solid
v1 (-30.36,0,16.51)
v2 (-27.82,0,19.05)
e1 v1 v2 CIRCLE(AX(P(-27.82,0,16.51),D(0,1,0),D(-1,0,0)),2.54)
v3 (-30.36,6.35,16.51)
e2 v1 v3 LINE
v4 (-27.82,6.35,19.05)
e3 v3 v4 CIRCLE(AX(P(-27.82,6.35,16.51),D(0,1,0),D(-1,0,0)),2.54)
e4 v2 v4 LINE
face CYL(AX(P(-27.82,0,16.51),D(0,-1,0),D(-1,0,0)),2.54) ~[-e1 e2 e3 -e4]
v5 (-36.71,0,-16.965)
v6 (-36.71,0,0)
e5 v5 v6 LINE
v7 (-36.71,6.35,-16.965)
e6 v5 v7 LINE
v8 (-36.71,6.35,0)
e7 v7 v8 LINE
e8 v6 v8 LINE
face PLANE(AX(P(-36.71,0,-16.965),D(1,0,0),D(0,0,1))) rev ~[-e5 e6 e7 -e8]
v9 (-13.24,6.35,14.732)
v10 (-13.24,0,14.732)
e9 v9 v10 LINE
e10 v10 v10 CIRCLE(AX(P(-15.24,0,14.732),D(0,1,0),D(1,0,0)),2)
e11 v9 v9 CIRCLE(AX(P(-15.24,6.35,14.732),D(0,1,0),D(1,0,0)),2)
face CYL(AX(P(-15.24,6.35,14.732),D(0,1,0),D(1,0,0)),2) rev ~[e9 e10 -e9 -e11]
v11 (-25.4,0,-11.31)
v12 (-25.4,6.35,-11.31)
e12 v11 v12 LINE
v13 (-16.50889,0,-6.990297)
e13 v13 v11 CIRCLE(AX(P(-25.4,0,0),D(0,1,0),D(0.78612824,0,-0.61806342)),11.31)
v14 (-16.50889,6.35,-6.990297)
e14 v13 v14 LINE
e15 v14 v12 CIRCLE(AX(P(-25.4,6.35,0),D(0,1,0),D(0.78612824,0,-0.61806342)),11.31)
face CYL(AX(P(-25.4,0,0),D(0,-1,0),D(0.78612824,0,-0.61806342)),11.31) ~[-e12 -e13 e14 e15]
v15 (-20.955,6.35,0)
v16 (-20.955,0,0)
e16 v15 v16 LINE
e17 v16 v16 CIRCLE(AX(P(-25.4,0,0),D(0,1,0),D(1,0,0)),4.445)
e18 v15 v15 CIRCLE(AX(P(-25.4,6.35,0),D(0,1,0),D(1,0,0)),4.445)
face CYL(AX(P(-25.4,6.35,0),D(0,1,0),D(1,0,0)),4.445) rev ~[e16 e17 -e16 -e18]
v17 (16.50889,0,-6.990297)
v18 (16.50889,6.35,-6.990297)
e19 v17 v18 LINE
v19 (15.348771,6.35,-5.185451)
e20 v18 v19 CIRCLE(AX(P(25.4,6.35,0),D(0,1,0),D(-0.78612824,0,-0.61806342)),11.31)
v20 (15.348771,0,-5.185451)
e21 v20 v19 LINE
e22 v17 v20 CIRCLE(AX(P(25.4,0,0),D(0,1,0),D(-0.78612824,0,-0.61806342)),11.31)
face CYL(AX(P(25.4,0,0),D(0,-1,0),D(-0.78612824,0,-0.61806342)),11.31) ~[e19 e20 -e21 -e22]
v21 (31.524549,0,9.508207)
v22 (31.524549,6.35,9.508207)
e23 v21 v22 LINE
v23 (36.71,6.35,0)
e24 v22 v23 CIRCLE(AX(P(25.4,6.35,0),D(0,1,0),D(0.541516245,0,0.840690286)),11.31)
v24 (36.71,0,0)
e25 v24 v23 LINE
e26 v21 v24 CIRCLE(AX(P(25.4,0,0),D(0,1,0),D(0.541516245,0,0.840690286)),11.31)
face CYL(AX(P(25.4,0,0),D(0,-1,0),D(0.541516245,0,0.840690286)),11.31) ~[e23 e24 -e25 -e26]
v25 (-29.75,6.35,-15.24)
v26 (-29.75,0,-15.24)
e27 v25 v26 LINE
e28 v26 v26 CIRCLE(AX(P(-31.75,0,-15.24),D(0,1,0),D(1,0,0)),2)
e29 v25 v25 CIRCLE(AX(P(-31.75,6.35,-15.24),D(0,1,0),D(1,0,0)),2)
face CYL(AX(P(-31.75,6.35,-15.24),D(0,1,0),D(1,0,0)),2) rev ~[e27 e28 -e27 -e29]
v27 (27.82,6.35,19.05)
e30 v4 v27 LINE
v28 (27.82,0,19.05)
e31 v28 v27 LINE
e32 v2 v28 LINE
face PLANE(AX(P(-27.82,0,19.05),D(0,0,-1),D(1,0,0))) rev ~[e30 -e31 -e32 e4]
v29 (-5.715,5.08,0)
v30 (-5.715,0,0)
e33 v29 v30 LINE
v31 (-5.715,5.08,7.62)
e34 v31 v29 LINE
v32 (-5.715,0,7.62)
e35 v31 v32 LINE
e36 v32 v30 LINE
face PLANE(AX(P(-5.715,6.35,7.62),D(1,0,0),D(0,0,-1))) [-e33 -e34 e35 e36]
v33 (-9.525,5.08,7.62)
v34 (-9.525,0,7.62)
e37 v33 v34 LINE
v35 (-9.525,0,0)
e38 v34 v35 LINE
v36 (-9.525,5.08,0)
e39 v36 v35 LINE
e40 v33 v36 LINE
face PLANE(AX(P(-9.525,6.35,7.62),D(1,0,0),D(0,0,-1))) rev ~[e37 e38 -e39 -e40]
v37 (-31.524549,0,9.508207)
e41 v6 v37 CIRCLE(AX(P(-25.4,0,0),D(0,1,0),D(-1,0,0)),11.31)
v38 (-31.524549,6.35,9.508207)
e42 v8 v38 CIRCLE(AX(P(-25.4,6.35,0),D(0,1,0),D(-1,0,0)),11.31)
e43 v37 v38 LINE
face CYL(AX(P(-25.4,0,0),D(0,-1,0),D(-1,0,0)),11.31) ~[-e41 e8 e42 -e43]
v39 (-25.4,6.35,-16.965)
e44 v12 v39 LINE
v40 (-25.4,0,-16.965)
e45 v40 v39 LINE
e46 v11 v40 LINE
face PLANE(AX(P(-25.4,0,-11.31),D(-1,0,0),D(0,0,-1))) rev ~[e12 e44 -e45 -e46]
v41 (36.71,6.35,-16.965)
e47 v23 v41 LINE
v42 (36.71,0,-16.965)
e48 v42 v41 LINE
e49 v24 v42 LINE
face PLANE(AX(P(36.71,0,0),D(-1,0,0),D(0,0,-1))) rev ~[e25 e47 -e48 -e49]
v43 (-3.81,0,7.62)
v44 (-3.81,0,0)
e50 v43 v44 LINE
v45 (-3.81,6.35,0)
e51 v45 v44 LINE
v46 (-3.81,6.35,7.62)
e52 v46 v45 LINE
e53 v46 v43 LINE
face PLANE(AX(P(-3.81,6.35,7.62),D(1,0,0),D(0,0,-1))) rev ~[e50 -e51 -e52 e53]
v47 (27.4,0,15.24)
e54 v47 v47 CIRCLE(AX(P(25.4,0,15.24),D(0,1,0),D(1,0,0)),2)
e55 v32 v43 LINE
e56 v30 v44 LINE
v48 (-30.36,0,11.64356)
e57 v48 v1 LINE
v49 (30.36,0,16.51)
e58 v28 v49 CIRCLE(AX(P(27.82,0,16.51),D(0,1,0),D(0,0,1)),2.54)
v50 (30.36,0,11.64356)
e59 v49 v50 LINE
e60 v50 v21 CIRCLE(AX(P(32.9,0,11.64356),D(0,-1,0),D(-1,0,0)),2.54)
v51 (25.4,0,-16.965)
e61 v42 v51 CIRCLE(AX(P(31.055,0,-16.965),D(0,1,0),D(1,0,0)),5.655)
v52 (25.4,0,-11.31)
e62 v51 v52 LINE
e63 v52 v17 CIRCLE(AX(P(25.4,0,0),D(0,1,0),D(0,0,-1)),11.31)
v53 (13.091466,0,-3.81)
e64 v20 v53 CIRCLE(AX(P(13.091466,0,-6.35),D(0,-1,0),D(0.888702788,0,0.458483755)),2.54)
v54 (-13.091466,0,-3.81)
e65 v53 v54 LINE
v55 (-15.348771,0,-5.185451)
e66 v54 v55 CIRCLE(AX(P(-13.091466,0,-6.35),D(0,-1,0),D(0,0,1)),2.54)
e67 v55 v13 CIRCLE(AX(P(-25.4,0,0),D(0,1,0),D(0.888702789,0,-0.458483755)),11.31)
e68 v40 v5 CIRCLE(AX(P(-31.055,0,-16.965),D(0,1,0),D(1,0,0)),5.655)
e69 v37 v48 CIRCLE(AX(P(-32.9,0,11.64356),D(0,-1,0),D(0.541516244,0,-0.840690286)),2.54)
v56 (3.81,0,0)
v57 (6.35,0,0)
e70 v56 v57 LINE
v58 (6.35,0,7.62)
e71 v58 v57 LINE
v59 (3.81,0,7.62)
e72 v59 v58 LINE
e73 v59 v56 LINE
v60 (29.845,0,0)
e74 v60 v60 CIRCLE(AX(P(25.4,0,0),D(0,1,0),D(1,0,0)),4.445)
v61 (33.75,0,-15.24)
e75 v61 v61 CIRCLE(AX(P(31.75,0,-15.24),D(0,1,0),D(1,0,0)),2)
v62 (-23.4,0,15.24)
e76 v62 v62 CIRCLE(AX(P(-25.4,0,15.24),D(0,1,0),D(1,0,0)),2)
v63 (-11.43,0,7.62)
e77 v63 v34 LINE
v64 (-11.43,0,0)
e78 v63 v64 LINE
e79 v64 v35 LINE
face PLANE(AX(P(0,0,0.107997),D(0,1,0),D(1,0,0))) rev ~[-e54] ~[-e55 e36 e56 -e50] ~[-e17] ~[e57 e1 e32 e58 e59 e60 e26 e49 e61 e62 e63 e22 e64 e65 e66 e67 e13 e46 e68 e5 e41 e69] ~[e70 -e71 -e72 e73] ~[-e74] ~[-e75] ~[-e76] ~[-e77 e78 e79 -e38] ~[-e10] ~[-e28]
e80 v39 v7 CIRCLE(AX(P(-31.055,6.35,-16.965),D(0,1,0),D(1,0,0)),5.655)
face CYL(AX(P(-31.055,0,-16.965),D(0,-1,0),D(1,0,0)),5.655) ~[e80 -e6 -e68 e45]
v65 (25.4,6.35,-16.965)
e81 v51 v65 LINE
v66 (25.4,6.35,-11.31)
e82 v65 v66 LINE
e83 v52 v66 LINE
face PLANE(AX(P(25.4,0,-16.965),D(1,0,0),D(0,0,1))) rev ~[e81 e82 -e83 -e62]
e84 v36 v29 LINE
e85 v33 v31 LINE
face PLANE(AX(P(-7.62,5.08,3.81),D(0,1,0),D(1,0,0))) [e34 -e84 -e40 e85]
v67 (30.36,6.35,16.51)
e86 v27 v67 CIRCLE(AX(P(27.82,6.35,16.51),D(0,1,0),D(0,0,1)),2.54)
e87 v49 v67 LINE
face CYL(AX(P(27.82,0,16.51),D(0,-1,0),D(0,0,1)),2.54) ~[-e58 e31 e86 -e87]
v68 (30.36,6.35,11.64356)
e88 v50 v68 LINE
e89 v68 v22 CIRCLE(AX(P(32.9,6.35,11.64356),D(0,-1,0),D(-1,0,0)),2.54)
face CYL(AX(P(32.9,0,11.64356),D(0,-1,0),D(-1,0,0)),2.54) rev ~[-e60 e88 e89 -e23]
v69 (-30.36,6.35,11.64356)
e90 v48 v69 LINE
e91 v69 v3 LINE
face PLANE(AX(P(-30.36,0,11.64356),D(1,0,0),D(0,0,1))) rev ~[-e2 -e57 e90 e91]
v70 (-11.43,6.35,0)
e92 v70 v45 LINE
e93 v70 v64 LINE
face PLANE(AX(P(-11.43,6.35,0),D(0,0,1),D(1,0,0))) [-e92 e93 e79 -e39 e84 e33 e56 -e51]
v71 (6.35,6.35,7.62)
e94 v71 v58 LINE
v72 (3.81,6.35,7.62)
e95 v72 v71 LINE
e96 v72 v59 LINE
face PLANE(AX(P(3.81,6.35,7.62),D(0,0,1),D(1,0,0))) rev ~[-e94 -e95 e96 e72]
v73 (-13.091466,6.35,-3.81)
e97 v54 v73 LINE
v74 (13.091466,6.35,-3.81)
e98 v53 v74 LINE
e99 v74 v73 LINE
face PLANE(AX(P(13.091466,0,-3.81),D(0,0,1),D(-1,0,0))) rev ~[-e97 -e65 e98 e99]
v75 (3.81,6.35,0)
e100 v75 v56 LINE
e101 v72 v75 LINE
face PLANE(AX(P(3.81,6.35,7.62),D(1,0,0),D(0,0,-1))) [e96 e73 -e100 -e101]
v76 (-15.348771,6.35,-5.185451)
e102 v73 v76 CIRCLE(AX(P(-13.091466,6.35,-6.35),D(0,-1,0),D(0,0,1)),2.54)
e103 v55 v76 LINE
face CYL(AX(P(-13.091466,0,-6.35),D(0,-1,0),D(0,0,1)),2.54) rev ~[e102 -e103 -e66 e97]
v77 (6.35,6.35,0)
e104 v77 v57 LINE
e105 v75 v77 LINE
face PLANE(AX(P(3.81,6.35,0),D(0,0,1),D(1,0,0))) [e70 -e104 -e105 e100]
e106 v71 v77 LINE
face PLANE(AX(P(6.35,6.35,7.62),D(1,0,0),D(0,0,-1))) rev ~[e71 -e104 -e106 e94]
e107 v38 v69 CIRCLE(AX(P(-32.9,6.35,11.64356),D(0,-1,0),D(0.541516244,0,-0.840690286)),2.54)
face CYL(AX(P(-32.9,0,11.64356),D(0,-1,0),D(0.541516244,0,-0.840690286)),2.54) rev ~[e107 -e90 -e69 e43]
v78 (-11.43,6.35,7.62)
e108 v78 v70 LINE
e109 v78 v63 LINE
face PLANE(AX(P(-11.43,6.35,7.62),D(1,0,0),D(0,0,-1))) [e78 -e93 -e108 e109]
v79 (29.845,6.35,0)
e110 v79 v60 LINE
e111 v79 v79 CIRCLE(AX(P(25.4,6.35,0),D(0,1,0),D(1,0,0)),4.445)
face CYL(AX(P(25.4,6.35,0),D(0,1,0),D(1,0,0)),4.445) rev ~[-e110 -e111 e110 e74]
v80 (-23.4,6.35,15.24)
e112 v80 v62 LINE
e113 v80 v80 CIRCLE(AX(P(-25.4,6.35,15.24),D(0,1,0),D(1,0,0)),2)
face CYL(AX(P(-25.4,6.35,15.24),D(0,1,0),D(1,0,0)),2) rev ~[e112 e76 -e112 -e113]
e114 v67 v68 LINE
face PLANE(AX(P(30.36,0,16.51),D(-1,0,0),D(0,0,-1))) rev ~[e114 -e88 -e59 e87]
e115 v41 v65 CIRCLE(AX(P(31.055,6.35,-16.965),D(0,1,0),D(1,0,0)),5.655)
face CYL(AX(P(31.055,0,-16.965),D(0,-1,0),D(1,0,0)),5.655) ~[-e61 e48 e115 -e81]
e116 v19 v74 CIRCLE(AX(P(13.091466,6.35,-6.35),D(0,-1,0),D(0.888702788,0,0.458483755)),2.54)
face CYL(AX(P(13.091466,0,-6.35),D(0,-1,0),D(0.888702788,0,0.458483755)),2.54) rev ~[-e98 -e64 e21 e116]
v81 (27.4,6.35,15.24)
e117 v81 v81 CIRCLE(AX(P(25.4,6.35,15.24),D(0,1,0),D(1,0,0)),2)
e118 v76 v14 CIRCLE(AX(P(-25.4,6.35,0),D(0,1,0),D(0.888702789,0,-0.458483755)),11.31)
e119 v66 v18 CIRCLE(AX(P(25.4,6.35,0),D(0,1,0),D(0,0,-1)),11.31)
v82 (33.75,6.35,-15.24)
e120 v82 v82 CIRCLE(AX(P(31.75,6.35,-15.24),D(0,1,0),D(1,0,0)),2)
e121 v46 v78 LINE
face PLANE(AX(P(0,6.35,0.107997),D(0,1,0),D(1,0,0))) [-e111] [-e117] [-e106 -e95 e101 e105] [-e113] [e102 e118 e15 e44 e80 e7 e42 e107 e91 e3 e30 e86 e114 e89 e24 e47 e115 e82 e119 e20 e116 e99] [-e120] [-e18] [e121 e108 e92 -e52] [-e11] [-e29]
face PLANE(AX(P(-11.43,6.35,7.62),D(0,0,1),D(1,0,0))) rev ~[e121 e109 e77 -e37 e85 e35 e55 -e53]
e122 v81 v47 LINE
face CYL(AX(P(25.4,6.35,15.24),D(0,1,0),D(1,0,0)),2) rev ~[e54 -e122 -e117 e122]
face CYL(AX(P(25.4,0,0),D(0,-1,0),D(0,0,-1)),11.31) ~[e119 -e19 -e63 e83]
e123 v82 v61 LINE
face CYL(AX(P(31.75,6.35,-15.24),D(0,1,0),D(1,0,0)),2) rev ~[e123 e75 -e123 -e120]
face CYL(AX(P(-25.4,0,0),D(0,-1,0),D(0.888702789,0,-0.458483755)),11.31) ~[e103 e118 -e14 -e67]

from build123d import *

# Parameters (mm, degrees)
BOSS_EXTRUDE1_DEPTH = 6.35
SKETCH3_R           = 4.445
CUT_EXTRUDE2_DEPTH  = 6.35
SKETCH11_W          = 2.54
SKETCH11_H          = 7.62
SKETCH11_W_2        = 1.905
CUT_EXTRUDE6_DEPTH  = 6.35
SKETCH14_W          = 3.81
SKETCH14_H          = 7.62
CUT_EXTRUDE8_DEPTH  = 1.27
SKETCH8_R           = 2
CUT_EXTRUDE10_DEPTH = 6.35
SKETCH15_R          = 2
CUT_EXTRUDE11_DEPTH = 6.35


with BuildPart() as part:
    # Sketch1 → Boss-Extrude1 (new body)
    with BuildSketch(Plane(origin=(0, 0, 0), x_dir=(1, 0, 0), z_dir=(0, 1, 0))):
        with BuildLine():
            Line((-25.4, 11.309999986), (-25.4, 16.964999979))
            ThreePointArc((-25.4, 16.964999979), (-31.054999993, 22.619999972), (-36.709999986, 16.964999979))
            Line((-36.709999986, 16.964999979), (-36.709999986, 11.309999986))
            Line((-36.709999986, 11.309999986), (-36.709999986, 0))
            ThreePointArc((-36.709999986, 0), (-35.329369206, -5.415138673), (-31.524548724, -9.508207119))
            ThreePointArc((-31.524548724, -9.508207119), (-30.670062071, -10.427428504), (-30.359999986, -11.643560444))
            Line((-30.359999986, -11.643560444), (-30.359999986, -16.51))
            ThreePointArc((-30.359999986, -16.51), (-29.61605121, -18.306051224), (-27.819999986, -19.05))
            Line((-27.819999986, -19.05), (27.819999986, -19.05))
            ThreePointArc((27.819999986, -19.05), (29.61605121, -18.306051224), (30.359999986, -16.51))
            Line((30.359999986, -16.51), (30.359999986, -11.643560444))
            ThreePointArc((30.359999986, -11.643560444), (30.670062071, -10.427428504), (31.524548724, -9.508207119))
            ThreePointArc((31.524548724, -9.508207119), (35.329369206, -5.415138673), (36.709999986, 0))
            Line((36.709999986, 0), (36.709999986, 11.309999986))
            Line((36.709999986, 11.309999986), (36.709999986, 16.964999979))
            ThreePointArc((36.709999986, 16.964999979), (31.054999993, 22.619999972), (25.4, 16.964999979))
            Line((25.4, 16.964999979), (25.4, 11.309999986))
            ThreePointArc((25.4, 11.309999986), (20.457539197, 10.172914081), (16.508889627, 6.990297277))
            ThreePointArc((16.508889627, 6.990297277), (15.885935778, 6.115446153), (15.348771474, 5.185451262))
            ThreePointArc((15.348771474, 5.185451262), (14.413140747, 4.180950232), (13.091466391, 3.81))
            Line((13.091466391, 3.81), (-13.091466391, 3.81))
            ThreePointArc((-13.091466391, 3.81), (-14.413140747, 4.180950232), (-15.348771474, 5.185451262))
            ThreePointArc((-15.348771474, 5.185451262), (-15.885935775, 6.115446149), (-16.508889621, 6.990297269))
            ThreePointArc((-16.508889621, 6.990297269), (-20.457539193, 10.172914079), (-25.4, 11.309999986))
        make_face()
    extrude(amount=BOSS_EXTRUDE1_DEPTH)

    # Sketch3 → Cut-Extrude2 (cut)
    with BuildSketch(Plane(origin=(0, 6.35, 0), x_dir=(1, 0, 0), z_dir=(0, 1, 0))):
        with Locations((-25.4, 0)):
            Circle(SKETCH3_R)
        with Locations((25.4, 0)):
            Circle(SKETCH3_R)
    extrude(amount=-CUT_EXTRUDE2_DEPTH, mode=Mode.SUBTRACT)

    # Sketch11 → Cut-Extrude6 (cut)
    with BuildSketch(Plane(origin=(0, 6.35, 0), x_dir=(1, 0, 0), z_dir=(0, 1, 0))):
        with Locations((5.08, -3.81)):
            Rectangle(SKETCH11_W, SKETCH11_H)
        with Locations((-4.7625, -3.81)):
            Rectangle(SKETCH11_W_2, SKETCH11_H)
        with Locations((-10.4775, -3.81)):
            Rectangle(SKETCH11_W_2, SKETCH11_H)
    extrude(amount=-CUT_EXTRUDE6_DEPTH, mode=Mode.SUBTRACT)

    # Sketch14 → Cut-Extrude8 (cut)
    with BuildSketch(Plane(origin=(0, 6.35, 0), x_dir=(1, 0, 0), z_dir=(0, 1, 0))):
        with Locations((-7.62, -3.81)):
            Rectangle(SKETCH14_W, SKETCH14_H)
    extrude(amount=-CUT_EXTRUDE8_DEPTH, mode=Mode.SUBTRACT)

    # Sketch8 → Cut-Extrude10 (cut)
    with BuildSketch(Plane(origin=(0, 6.35, 0), x_dir=(1, 0, 0), z_dir=(0, 1, 0))):
        with Locations((-31.75, 15.24)):
            Circle(SKETCH8_R)
        with Locations((25.4, -15.24)):
            Circle(SKETCH8_R)
        with Locations((-25.4, -15.24)):
            Circle(SKETCH8_R)
        with Locations((31.75, 15.24)):
            Circle(SKETCH8_R)
    extrude(amount=-CUT_EXTRUDE10_DEPTH, mode=Mode.SUBTRACT)

    # Sketch15 → Cut-Extrude11 (cut)
    with BuildSketch(Plane(origin=(0, 6.35, 0), x_dir=(1, 0, 0), z_dir=(0, 1, 0))):
        with Locations((-15.24, -14.732)):
            Circle(SKETCH15_R)
    extrude(amount=-CUT_EXTRUDE11_DEPTH, mode=Mode.SUBTRACT)


solid = part.part
